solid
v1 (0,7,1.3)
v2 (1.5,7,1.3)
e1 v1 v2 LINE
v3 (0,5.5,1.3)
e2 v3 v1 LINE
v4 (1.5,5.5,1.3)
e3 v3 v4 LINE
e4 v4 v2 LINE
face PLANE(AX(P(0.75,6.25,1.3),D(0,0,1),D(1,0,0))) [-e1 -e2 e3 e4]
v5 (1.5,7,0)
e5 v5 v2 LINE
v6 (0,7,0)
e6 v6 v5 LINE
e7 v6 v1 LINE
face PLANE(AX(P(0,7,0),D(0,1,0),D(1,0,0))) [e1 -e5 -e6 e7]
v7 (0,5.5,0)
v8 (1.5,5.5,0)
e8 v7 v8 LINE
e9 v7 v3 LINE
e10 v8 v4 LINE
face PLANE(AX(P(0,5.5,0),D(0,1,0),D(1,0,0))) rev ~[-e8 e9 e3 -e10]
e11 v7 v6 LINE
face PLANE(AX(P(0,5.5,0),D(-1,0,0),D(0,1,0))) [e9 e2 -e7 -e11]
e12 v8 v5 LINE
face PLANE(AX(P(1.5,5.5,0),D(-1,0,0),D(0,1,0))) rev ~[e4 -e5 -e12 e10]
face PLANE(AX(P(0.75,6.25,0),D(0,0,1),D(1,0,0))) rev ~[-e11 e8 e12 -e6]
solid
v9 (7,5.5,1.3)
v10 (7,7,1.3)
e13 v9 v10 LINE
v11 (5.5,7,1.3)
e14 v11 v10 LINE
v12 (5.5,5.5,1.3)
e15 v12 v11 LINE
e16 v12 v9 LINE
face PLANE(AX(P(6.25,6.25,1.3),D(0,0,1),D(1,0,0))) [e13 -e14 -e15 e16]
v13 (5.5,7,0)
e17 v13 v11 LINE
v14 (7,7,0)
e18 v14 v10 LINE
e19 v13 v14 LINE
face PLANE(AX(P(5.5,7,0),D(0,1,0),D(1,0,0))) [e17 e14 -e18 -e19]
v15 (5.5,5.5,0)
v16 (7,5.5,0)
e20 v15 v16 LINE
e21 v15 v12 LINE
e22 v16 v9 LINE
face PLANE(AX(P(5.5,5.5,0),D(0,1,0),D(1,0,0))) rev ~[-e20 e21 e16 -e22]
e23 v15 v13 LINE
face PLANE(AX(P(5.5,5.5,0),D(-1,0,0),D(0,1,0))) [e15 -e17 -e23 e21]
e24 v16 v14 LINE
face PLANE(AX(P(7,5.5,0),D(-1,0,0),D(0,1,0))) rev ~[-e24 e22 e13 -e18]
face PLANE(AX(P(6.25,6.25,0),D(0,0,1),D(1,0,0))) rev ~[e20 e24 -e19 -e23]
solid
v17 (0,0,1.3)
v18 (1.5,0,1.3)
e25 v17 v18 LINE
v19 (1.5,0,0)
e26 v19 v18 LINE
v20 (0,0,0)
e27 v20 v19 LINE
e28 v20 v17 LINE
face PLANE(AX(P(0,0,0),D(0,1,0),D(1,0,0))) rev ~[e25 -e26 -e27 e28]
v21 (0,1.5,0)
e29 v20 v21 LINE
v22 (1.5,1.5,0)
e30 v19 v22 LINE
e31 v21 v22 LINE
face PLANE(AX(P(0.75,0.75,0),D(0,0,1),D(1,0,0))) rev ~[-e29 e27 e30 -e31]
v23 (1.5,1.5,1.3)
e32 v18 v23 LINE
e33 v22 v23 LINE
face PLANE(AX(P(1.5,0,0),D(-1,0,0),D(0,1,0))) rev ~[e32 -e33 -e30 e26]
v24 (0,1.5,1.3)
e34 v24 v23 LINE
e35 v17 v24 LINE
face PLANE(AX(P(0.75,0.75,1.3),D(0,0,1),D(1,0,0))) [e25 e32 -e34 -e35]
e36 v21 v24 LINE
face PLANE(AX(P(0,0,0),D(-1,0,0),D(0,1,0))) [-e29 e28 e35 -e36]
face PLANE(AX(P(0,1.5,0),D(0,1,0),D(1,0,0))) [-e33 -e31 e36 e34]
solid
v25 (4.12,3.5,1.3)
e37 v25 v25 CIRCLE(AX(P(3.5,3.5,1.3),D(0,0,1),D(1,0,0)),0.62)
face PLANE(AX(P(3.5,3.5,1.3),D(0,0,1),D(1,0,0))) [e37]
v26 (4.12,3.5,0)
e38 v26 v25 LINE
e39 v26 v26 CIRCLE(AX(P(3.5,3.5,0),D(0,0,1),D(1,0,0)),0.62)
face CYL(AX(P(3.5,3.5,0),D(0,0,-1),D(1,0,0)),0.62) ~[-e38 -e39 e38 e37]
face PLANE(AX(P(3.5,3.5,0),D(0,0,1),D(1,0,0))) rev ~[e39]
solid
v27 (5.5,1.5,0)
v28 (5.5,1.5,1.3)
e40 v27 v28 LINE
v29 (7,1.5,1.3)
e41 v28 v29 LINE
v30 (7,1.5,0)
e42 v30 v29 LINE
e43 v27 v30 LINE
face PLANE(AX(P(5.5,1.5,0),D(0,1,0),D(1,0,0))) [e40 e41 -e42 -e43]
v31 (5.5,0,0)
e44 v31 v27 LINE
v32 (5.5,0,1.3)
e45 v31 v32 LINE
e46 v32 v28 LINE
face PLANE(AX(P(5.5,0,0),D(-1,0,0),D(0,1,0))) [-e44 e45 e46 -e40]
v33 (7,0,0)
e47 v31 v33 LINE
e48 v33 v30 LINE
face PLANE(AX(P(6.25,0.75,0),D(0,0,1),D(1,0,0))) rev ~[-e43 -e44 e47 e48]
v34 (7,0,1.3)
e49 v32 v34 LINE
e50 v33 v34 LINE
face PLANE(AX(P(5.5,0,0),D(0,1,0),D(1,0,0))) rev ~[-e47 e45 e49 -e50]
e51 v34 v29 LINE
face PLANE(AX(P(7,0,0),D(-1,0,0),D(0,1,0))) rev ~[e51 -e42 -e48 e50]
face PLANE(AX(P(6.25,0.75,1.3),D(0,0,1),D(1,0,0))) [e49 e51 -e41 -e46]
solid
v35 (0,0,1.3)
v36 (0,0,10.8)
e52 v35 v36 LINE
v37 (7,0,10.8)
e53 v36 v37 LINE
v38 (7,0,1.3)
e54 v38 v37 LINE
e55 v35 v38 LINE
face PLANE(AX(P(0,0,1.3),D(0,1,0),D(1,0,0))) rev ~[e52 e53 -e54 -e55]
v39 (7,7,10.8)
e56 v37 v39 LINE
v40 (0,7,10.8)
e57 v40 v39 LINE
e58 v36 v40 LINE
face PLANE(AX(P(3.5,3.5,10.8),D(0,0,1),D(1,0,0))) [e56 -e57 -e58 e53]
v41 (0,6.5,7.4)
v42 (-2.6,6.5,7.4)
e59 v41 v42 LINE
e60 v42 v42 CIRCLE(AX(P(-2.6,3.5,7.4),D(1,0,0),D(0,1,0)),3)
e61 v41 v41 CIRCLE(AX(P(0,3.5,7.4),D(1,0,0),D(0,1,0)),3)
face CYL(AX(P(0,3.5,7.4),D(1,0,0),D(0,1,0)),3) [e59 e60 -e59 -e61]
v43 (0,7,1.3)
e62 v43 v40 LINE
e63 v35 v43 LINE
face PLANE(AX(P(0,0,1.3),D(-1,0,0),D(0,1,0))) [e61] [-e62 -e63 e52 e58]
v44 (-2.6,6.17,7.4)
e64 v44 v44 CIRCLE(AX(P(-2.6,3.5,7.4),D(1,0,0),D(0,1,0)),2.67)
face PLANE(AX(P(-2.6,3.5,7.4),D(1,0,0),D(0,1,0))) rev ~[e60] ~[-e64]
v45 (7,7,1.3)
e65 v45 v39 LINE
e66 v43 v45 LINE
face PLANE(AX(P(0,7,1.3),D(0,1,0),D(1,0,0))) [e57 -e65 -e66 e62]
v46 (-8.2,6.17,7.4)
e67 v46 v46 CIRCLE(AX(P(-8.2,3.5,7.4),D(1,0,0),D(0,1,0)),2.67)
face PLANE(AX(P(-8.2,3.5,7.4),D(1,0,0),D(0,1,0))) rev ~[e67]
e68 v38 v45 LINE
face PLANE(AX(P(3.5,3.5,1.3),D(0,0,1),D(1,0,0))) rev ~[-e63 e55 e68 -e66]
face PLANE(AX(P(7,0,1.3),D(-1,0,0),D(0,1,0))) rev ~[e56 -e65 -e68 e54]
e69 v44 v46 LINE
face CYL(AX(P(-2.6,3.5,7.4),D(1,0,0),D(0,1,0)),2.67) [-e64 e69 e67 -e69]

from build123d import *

# Parameters (mm, degrees)
F0_W     = 1.5
F0_H     = 1.5
F0_R     = 0.62
F1_DEPTH = 1.3
F3_W     = 7
F3_H     = 7
F4_DEPTH = 9.5
F5_R     = 3
F6_DEPTH = 2.6
F8_R     = 2.67
F9_DEPTH = 5.6


with BuildPart() as f1:
    # F0 (on Top) → F1 (new body)
    with BuildSketch(Plane.XY):
        with Locations((0.75, 6.25)):
            Rectangle(F0_W, F0_H)
        with Locations((6.25, 6.25)):
            Rectangle(F0_W, F0_H)
        with Locations((6.25, 0.75)):
            Rectangle(F0_W, F0_H)
        with Locations((0.75, 0.75)):
            Rectangle(F0_W, F0_H)
        with Locations((3.5, 3.5)):
            Circle(F0_R)
    extrude(amount=F1_DEPTH)


with BuildPart() as f4:
    # F3 (on offset) → F4 (new body)
    with BuildSketch(Plane.XY.offset(1.3)):
        with Locations((3.5, 3.5)):
            Rectangle(F3_W, F3_H)
    extrude(amount=F4_DEPTH)

    # F5 (on Right) → F6 (join)
    with BuildSketch(Plane.YZ):
        with Locations((3.5, 7.4)):
            Circle(F5_R)
    extrude(amount=-F6_DEPTH)

    # F8 (on offset) → F9 (join)
    with BuildSketch(Plane.YZ.offset(-2.6)):
        with Locations((3.5, 7.4)):
            Circle(F8_R)
    extrude(amount=-F9_DEPTH)


solid = Compound([f1.part, f4.part])
